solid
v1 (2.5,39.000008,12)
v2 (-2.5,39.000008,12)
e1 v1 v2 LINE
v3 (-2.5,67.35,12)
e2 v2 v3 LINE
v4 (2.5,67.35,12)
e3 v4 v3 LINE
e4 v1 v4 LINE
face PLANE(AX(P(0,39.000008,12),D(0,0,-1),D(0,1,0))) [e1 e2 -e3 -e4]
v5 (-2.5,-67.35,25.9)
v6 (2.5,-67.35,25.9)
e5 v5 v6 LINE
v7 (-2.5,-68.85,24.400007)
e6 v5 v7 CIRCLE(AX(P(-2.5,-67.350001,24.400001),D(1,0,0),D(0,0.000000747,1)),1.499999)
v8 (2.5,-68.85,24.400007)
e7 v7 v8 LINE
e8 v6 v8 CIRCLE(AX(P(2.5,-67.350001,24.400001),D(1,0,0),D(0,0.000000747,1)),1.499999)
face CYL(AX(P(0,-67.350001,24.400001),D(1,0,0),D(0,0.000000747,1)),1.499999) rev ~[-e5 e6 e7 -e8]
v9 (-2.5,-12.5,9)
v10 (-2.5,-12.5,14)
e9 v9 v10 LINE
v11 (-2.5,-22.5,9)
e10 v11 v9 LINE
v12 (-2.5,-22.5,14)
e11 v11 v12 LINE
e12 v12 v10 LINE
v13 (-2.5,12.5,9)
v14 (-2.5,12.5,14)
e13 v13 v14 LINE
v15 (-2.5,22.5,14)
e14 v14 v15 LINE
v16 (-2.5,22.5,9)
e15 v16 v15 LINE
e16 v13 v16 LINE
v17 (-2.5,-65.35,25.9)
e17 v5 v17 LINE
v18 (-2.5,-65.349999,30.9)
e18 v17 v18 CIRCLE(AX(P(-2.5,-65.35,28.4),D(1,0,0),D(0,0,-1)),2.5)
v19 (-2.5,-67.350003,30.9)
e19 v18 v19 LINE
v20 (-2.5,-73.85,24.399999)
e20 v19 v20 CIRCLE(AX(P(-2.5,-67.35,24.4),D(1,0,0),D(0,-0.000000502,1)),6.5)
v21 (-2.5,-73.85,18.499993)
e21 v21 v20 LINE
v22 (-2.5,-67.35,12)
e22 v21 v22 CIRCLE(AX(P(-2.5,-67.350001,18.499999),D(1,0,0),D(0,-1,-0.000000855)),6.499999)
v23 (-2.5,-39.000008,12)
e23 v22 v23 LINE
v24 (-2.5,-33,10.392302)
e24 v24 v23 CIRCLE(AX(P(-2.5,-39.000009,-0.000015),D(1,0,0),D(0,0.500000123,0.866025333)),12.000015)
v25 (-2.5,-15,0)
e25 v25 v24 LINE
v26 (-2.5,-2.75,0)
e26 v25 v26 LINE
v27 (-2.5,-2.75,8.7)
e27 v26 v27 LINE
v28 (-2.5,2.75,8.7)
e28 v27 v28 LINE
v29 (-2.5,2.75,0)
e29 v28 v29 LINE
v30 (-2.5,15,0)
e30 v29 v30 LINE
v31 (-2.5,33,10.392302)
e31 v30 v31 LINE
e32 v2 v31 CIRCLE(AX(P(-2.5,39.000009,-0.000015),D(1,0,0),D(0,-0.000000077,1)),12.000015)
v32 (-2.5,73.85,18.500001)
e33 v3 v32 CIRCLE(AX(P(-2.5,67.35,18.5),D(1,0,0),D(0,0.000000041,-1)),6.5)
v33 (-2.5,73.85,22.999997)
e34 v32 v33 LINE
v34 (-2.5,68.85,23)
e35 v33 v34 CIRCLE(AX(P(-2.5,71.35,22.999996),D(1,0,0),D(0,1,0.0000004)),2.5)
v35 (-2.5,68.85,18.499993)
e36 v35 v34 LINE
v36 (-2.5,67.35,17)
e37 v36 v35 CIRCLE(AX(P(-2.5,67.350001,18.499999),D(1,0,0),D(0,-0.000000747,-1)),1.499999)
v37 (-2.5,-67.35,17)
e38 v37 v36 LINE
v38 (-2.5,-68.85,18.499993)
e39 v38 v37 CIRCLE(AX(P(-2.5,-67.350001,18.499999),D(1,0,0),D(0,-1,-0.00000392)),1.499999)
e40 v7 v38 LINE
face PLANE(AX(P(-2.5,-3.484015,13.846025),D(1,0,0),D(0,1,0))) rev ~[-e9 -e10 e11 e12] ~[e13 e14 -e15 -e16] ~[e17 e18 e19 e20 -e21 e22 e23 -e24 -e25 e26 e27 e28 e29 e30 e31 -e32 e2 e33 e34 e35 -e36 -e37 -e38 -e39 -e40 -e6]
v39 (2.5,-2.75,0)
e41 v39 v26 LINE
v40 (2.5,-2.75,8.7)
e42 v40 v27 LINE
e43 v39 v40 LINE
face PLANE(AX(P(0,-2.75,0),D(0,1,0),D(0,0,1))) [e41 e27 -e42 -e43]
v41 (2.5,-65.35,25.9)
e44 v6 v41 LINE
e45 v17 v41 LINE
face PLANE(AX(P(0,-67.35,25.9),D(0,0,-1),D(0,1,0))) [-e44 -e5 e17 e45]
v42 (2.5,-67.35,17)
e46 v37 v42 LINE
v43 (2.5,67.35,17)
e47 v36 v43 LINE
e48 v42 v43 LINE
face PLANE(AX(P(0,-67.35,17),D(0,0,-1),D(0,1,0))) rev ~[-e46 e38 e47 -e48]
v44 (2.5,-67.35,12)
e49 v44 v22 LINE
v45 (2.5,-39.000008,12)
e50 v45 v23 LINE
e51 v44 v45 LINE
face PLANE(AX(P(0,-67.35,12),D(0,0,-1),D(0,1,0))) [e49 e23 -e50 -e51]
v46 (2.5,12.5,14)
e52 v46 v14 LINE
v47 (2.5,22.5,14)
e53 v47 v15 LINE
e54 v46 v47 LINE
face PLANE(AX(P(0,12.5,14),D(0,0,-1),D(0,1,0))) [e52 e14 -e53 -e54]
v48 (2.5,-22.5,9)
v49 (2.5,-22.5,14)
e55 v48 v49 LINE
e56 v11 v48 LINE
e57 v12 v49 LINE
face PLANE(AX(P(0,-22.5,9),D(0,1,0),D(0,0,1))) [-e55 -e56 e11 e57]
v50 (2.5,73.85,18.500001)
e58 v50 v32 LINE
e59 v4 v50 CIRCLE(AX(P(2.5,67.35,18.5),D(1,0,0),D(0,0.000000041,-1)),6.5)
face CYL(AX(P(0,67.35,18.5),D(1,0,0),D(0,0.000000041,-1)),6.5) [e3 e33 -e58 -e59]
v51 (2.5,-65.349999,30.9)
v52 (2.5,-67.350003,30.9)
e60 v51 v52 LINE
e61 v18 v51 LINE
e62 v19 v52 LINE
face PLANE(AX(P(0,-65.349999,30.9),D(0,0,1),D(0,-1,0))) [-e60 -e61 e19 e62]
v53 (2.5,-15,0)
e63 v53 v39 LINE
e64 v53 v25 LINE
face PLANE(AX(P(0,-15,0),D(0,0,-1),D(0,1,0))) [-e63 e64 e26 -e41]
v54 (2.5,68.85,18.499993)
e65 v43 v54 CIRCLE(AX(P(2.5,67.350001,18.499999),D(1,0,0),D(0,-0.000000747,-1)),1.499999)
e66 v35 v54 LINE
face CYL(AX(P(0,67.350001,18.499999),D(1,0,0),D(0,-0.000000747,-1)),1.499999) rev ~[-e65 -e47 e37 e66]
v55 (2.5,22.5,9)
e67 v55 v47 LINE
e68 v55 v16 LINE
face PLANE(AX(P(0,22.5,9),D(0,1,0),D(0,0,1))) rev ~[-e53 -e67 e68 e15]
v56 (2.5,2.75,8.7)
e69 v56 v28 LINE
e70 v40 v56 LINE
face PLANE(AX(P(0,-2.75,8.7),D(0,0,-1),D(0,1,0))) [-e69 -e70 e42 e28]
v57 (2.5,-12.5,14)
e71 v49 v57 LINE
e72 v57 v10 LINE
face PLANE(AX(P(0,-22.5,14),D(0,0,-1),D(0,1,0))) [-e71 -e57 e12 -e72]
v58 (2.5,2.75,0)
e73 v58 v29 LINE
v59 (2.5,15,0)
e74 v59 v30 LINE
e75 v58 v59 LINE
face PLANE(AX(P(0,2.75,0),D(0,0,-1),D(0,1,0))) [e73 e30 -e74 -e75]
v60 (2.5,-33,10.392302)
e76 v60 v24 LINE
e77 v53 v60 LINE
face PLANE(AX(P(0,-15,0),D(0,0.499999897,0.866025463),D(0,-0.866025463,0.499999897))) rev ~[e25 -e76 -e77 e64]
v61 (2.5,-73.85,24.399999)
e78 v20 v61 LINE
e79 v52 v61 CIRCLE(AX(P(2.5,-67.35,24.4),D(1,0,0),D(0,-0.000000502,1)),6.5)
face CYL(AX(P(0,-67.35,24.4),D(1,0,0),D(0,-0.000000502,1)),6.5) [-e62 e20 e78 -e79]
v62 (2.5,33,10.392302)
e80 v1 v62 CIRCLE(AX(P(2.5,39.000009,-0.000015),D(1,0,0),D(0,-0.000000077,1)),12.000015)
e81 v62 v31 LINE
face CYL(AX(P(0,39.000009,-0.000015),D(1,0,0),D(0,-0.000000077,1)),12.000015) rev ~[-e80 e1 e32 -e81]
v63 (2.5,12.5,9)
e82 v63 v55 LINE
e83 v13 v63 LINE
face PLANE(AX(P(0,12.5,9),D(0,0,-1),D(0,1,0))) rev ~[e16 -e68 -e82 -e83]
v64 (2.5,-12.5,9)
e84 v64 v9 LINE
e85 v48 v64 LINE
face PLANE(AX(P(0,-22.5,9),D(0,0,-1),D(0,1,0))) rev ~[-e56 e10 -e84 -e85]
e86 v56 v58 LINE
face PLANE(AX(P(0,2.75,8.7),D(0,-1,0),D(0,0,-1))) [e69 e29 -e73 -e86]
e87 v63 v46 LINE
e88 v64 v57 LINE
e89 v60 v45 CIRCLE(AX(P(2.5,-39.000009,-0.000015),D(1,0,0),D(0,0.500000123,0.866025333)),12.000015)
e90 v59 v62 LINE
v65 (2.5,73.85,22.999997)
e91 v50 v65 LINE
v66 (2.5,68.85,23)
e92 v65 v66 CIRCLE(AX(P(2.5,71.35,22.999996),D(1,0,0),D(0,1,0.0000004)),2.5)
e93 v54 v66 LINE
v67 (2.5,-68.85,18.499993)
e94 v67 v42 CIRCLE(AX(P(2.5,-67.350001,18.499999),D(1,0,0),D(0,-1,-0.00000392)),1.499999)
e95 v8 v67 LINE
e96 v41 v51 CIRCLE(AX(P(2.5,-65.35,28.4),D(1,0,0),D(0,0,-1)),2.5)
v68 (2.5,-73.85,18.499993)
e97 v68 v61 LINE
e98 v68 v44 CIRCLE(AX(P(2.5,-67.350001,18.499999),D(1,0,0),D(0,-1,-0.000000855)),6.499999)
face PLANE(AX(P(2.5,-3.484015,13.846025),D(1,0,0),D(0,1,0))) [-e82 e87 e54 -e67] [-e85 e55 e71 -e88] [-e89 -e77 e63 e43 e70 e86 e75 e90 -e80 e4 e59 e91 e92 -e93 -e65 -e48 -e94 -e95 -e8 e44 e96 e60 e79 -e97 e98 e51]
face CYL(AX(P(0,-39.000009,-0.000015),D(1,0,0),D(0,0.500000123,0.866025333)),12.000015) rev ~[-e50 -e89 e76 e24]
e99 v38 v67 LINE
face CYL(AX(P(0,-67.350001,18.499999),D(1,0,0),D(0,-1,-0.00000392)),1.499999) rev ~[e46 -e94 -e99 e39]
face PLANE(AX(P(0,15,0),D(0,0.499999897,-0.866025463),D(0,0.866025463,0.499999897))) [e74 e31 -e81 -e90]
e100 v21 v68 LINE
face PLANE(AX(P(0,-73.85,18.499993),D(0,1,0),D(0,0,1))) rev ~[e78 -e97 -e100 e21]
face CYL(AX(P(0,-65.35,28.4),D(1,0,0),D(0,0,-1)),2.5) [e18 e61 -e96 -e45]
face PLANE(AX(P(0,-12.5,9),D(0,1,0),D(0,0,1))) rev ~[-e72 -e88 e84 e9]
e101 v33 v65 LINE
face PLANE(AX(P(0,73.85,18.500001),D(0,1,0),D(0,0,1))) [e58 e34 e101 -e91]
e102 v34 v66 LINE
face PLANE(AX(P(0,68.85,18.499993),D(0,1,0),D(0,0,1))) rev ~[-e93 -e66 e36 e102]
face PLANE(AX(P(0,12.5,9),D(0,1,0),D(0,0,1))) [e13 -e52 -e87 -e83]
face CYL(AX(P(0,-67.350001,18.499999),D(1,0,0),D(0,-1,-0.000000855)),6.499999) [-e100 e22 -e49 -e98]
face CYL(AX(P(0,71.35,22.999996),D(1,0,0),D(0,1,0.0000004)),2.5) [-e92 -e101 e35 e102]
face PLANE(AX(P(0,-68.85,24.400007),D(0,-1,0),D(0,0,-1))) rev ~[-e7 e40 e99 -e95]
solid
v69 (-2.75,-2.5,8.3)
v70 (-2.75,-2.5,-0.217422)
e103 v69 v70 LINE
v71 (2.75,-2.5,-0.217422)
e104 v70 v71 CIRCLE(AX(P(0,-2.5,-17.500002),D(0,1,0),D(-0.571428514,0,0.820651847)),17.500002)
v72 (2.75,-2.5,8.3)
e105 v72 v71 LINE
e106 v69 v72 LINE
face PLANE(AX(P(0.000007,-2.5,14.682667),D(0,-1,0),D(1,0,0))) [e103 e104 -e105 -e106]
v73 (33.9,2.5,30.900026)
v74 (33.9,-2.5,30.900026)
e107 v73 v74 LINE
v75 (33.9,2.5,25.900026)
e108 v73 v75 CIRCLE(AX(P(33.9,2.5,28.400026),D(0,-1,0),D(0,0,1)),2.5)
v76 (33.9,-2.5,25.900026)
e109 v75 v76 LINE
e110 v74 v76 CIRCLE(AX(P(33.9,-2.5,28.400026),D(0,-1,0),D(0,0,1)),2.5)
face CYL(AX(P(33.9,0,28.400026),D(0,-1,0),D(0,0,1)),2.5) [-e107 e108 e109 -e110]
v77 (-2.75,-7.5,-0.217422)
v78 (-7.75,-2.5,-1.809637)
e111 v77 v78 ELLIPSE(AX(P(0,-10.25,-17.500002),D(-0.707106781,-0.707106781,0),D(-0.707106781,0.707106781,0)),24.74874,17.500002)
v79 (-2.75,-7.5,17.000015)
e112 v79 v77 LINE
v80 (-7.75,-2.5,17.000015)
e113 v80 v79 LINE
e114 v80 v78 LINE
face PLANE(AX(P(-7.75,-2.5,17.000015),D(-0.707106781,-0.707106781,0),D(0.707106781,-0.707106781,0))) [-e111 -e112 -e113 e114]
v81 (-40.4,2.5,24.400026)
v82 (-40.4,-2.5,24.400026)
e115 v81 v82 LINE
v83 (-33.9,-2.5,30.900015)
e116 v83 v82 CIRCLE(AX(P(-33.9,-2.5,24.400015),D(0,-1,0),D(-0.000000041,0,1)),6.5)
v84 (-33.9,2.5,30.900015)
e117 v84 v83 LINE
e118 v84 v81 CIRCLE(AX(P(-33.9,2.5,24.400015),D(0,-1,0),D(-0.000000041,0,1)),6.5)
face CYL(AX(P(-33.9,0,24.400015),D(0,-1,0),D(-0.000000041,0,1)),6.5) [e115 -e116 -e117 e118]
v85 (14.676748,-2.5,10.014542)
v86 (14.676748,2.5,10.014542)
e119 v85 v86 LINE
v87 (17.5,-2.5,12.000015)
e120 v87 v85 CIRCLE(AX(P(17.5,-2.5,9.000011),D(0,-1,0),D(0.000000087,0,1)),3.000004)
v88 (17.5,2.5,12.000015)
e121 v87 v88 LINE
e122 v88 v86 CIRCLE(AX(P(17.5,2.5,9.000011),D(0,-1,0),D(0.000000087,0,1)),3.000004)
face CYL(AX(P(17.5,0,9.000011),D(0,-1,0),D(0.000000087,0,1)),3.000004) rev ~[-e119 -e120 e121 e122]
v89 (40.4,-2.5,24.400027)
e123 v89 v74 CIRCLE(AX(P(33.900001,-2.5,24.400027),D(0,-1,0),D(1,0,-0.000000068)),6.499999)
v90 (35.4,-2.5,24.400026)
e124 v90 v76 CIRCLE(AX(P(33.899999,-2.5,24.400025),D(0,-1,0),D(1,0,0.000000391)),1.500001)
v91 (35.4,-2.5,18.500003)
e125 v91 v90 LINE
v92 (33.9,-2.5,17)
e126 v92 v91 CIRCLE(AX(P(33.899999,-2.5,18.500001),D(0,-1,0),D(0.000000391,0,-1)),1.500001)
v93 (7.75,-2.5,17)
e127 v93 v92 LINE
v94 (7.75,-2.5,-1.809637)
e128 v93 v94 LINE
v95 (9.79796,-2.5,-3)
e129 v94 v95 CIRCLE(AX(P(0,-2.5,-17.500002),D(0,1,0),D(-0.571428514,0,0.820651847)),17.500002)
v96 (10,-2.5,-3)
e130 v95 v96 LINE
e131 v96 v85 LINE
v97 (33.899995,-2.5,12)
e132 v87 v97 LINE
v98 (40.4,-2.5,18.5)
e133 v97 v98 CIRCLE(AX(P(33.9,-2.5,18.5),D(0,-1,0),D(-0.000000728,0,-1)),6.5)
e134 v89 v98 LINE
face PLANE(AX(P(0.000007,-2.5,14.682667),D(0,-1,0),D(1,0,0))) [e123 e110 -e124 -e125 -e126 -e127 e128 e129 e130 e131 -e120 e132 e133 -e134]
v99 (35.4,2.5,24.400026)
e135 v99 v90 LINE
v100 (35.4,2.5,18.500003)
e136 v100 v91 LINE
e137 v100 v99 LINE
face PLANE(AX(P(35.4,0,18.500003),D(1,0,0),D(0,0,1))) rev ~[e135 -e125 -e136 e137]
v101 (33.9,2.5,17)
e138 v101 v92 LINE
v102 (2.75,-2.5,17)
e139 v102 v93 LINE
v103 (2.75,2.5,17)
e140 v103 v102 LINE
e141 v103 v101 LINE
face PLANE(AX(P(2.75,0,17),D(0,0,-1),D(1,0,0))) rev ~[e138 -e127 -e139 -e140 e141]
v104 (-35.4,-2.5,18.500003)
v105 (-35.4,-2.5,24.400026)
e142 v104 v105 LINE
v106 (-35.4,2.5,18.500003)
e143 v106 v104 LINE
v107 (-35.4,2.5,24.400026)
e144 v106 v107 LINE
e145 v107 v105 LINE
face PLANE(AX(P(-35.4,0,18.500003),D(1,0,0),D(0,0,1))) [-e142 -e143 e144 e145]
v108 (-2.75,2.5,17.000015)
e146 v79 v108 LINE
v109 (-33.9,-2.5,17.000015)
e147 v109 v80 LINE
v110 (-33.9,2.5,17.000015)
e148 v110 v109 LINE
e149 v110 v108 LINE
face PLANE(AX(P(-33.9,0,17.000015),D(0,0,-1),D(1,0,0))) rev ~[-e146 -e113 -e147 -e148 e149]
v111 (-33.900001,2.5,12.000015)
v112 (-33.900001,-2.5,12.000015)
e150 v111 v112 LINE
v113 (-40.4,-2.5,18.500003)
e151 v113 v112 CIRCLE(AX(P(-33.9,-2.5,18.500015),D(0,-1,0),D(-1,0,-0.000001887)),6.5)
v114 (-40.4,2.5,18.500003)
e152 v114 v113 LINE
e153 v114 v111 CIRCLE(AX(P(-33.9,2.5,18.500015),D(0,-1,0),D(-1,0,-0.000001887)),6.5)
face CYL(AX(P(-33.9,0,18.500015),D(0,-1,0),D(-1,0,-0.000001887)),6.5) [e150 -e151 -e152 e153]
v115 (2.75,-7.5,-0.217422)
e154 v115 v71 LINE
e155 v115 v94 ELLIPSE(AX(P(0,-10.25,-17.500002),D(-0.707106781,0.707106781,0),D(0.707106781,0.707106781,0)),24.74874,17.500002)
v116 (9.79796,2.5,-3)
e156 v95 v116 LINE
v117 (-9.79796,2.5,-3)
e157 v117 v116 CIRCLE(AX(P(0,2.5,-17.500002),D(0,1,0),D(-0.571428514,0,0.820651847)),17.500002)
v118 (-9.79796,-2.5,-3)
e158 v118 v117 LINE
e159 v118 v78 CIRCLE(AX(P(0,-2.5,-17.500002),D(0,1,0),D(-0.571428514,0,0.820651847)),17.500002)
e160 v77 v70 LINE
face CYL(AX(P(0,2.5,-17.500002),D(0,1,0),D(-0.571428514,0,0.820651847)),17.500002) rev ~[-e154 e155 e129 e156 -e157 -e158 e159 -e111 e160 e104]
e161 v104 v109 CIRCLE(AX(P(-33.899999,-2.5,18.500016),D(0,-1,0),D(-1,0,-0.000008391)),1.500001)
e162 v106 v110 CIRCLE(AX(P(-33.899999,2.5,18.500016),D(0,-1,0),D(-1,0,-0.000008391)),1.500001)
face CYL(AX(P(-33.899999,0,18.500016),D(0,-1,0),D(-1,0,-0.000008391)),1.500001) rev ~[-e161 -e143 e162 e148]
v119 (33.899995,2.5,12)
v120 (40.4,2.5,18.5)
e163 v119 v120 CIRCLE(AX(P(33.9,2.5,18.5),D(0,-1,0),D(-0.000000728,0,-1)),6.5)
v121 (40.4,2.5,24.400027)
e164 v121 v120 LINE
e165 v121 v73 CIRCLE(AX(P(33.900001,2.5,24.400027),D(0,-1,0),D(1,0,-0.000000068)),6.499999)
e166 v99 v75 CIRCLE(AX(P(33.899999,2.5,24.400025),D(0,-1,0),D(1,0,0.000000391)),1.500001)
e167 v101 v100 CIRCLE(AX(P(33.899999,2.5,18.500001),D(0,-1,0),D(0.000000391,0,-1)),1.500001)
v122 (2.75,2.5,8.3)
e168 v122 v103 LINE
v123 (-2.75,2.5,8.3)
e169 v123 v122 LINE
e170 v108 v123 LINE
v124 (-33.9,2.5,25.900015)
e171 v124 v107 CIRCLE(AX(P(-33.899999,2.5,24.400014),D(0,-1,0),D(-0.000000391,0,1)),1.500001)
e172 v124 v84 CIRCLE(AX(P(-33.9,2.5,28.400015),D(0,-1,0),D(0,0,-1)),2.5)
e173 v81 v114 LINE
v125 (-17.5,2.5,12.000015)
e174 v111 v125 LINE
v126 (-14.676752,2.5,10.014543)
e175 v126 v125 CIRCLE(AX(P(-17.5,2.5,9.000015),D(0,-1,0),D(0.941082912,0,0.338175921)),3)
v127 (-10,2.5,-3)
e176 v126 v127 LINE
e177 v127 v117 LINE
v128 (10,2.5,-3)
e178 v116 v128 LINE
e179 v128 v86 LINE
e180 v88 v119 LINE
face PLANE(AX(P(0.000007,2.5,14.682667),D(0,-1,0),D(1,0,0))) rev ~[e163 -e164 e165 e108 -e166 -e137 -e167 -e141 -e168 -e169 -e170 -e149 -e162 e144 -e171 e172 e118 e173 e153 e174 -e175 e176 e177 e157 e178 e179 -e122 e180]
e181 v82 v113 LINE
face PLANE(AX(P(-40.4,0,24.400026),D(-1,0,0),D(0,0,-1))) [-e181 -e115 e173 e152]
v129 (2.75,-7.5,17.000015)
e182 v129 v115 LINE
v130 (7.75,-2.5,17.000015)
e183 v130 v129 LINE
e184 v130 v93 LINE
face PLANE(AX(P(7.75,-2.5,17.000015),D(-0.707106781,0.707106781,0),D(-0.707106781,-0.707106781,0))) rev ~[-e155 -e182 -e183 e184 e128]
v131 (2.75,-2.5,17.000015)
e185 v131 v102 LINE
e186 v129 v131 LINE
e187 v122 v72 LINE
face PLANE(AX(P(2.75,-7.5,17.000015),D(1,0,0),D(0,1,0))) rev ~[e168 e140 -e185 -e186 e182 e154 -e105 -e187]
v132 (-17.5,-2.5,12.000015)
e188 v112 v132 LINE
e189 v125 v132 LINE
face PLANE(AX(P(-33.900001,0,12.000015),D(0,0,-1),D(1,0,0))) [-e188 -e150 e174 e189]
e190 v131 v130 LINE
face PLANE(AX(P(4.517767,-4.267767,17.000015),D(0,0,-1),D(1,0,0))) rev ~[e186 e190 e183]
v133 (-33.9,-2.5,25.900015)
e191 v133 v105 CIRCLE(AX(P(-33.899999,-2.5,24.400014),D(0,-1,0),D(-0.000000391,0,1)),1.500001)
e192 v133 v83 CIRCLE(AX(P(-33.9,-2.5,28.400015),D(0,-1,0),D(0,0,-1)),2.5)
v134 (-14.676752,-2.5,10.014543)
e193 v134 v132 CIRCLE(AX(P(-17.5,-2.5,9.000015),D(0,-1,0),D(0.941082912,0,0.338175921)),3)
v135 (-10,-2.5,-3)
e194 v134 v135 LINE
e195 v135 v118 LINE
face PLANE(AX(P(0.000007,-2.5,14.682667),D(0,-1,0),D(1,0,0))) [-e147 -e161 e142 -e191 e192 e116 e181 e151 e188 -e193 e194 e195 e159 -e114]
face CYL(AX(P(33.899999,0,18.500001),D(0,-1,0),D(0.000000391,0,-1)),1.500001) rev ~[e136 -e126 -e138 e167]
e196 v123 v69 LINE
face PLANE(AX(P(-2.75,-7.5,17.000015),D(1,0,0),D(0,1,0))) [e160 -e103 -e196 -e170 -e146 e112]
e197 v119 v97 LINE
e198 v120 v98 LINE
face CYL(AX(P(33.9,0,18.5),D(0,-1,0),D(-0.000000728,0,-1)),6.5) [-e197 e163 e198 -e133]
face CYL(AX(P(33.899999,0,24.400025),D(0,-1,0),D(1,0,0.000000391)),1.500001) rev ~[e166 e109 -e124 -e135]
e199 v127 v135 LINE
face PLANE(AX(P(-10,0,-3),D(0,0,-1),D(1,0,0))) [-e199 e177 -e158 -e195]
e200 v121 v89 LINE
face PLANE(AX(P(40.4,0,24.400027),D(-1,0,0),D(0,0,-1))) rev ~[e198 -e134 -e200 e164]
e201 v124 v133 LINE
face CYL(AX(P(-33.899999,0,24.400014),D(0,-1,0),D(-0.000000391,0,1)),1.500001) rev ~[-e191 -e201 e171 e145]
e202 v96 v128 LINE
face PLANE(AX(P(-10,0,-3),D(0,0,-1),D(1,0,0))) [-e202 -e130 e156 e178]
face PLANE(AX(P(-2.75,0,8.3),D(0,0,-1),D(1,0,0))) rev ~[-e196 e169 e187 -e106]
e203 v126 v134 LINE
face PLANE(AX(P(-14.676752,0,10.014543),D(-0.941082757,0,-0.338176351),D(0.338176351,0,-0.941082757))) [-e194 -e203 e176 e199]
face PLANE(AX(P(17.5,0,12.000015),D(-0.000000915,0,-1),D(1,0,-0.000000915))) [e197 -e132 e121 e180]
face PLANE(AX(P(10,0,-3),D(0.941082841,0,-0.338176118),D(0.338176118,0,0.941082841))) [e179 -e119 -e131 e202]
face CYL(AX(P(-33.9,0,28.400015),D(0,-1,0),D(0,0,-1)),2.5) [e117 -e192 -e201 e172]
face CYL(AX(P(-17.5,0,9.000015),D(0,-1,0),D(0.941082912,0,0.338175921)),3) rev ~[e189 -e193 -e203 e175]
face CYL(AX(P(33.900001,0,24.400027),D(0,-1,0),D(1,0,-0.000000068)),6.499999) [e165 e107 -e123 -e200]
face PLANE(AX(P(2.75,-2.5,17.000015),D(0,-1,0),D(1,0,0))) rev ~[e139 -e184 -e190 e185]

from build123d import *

# Parameters (mm, degrees)
SKETCH_W     = 10
SKETCH_H     = 5
PAD_DEPTH    = 2.5
PAD001_DEPTH = 2.5
PAD002_DEPTH = 20
POCKET_DEPTH = 10


with BuildPart() as vertical:
    # Sketch → Pad (new body, symmetric)
    with BuildSketch(Plane.YZ):
        with BuildLine():
            Line((73.85, 18.500001), (73.85, 22.999997))
            ThreePointArc((73.85, 22.999997), (71.350002, 25.499996), (68.85, 23))
            Line((68.85, 18.499993), (68.85, 23))
            ThreePointArc((67.35, 17), (68.410658, 17.439337), (68.85, 18.499993))
            Line((-67.35, 17), (67.35, 17))
            ThreePointArc((-68.85, 18.499993), (-68.410658, 17.439337), (-67.35, 17))
            Line((-68.85, 24.400007), (-68.85, 18.499993))
            ThreePointArc((-67.35, 25.9), (-68.410658, 25.460663), (-68.85, 24.400007))
            Line((-67.35, 25.9), (-65.35, 25.9))
            ThreePointArc((-65.35, 25.9), (-62.85, 28.399999), (-65.349999, 30.9))
            Line((-65.349999, 30.9), (-67.350003, 30.9))
            ThreePointArc((-67.350003, 30.9), (-71.946195, 28.996193), (-73.85, 24.399999))
            Line((-73.85, 18.499993), (-73.85, 24.399999))
            ThreePointArc((-73.85, 18.499993), (-71.946192, 13.903803), (-67.35, 12))
            Line((-67.35, 12), (-39.000008, 12))
            ThreePointArc((-33, 10.392302), (-35.894175, 11.591109), (-39.000008, 12))
            Line((-15, 0), (-33, 10.392302))
            Line((-15, 0), (-2.75, 0))
            Line((-2.75, 0), (-2.75, 8.7))
            Line((-2.75, 8.7), (2.75, 8.7))
            Line((2.75, 8.7), (2.75, 0))
            Line((2.75, 0), (15, 0))
            Line((15, 0), (33, 10.392302))
            ThreePointArc((39.000008, 12), (35.894175, 11.591109), (33, 10.392302))
            Line((39.000008, 12), (67.35, 12))
            ThreePointArc((67.35, 12), (71.946194, 13.903806), (73.85, 18.500001))
        make_face()
        with Locations((-17.5, 11.5)):
            Rectangle(SKETCH_W, SKETCH_H, mode=Mode.SUBTRACT)
        with Locations((17.5, 11.5)):
            Rectangle(SKETCH_W, SKETCH_H, mode=Mode.SUBTRACT)
    extrude(amount=PAD_DEPTH, both=True)


with BuildPart() as fusion:
    # Sketch001 → Pad001 (new body, symmetric)
    with BuildSketch(Plane.XZ):
        with BuildLine():
            Line((17.5, 12.000015), (33.899995, 12))
            ThreePointArc((33.899995, 12), (38.496192, 13.903804), (40.4, 18.5))
            Line((40.4, 24.400027), (40.4, 18.5))
            ThreePointArc((40.4, 24.400027), (38.496194, 28.996221), (33.9, 30.900026))
            ThreePointArc((33.9, 30.900026), (31.4, 28.400026), (33.9, 25.900026))
            ThreePointArc((35.4, 24.400026), (34.96066, 25.460686), (33.9, 25.900026))
            Line((35.4, 18.500003), (35.4, 24.400026))
            ThreePointArc((33.9, 17), (34.960661, 17.439341), (35.4, 18.500003))
            Line((2.75, 17), (33.9, 17))
            Line((2.75, 8.3), (2.75, 17))
            Line((-2.75, 8.3), (2.75, 8.3))
            Line((-2.75, 17.000015), (-2.75, 8.3))
            Line((-33.9, 17.000015), (-2.75, 17.000015))
            ThreePointArc((-35.4, 18.500003), (-34.960656, 17.439351), (-33.9, 17.000015))
            Line((-35.4, 18.500003), (-35.4, 24.400026))
            ThreePointArc((-33.9, 25.900015), (-34.960656, 25.460679), (-35.4, 24.400026))
            ThreePointArc((-33.9, 25.900015), (-31.4, 28.400015), (-33.9, 30.900015))
            ThreePointArc((-33.9, 30.900015), (-38.49619, 28.996213), (-40.4, 24.400026))
            Line((-40.4, 24.400026), (-40.4, 18.500003))
            ThreePointArc((-40.4, 18.500003), (-38.49619, 13.903817), (-33.900001, 12.000015))
            Line((-33.900001, 12.000015), (-17.5, 12.000015))
            ThreePointArc((-14.676752, 10.014543), (-15.774252, 11.453949), (-17.5, 12.000015))
            Line((-14.676752, 10.014543), (-10, -3))
            Line((-10, -3), (10, -3))
            Line((10, -3), (14.676748, 10.014542))
            ThreePointArc((17.5, 12.000015), (15.77425, 11.453949), (14.676748, 10.014542))
        make_face()
    extrude(amount=PAD001_DEPTH, both=True)

    # Sketch002 → Pad002 (new body)
    with BuildSketch(Plane(origin=(0, 0, 17.000015), x_dir=(-1, 0, 0), z_dir=(0, 0, 1))):
        Polygon((-7.75, 2.5), (-2.75, 7.5), (-2.75, 2.5), align=None)
        Polygon((2.75, 7.5), (2.75, 2.5), (7.75, 2.5), align=None)
    extrude(amount=-PAD002_DEPTH)

    # Sketch003 → Pocket (cut)
    with BuildSketch(Plane(origin=(0, 2.5, 0), x_dir=(1, 0, 0), z_dir=(0, 1, 0))):
        with BuildLine():
            ThreePointArc((-10, 3.138593), (0, 0), (10, 3.138593))
            Line((-10, 3.138593), (10, 3.138593))
        make_face()
    extrude(amount=-POCKET_DEPTH, mode=Mode.SUBTRACT)

    # Fusion: union Vertical
    add(vertical.part)


solid = fusion.part
